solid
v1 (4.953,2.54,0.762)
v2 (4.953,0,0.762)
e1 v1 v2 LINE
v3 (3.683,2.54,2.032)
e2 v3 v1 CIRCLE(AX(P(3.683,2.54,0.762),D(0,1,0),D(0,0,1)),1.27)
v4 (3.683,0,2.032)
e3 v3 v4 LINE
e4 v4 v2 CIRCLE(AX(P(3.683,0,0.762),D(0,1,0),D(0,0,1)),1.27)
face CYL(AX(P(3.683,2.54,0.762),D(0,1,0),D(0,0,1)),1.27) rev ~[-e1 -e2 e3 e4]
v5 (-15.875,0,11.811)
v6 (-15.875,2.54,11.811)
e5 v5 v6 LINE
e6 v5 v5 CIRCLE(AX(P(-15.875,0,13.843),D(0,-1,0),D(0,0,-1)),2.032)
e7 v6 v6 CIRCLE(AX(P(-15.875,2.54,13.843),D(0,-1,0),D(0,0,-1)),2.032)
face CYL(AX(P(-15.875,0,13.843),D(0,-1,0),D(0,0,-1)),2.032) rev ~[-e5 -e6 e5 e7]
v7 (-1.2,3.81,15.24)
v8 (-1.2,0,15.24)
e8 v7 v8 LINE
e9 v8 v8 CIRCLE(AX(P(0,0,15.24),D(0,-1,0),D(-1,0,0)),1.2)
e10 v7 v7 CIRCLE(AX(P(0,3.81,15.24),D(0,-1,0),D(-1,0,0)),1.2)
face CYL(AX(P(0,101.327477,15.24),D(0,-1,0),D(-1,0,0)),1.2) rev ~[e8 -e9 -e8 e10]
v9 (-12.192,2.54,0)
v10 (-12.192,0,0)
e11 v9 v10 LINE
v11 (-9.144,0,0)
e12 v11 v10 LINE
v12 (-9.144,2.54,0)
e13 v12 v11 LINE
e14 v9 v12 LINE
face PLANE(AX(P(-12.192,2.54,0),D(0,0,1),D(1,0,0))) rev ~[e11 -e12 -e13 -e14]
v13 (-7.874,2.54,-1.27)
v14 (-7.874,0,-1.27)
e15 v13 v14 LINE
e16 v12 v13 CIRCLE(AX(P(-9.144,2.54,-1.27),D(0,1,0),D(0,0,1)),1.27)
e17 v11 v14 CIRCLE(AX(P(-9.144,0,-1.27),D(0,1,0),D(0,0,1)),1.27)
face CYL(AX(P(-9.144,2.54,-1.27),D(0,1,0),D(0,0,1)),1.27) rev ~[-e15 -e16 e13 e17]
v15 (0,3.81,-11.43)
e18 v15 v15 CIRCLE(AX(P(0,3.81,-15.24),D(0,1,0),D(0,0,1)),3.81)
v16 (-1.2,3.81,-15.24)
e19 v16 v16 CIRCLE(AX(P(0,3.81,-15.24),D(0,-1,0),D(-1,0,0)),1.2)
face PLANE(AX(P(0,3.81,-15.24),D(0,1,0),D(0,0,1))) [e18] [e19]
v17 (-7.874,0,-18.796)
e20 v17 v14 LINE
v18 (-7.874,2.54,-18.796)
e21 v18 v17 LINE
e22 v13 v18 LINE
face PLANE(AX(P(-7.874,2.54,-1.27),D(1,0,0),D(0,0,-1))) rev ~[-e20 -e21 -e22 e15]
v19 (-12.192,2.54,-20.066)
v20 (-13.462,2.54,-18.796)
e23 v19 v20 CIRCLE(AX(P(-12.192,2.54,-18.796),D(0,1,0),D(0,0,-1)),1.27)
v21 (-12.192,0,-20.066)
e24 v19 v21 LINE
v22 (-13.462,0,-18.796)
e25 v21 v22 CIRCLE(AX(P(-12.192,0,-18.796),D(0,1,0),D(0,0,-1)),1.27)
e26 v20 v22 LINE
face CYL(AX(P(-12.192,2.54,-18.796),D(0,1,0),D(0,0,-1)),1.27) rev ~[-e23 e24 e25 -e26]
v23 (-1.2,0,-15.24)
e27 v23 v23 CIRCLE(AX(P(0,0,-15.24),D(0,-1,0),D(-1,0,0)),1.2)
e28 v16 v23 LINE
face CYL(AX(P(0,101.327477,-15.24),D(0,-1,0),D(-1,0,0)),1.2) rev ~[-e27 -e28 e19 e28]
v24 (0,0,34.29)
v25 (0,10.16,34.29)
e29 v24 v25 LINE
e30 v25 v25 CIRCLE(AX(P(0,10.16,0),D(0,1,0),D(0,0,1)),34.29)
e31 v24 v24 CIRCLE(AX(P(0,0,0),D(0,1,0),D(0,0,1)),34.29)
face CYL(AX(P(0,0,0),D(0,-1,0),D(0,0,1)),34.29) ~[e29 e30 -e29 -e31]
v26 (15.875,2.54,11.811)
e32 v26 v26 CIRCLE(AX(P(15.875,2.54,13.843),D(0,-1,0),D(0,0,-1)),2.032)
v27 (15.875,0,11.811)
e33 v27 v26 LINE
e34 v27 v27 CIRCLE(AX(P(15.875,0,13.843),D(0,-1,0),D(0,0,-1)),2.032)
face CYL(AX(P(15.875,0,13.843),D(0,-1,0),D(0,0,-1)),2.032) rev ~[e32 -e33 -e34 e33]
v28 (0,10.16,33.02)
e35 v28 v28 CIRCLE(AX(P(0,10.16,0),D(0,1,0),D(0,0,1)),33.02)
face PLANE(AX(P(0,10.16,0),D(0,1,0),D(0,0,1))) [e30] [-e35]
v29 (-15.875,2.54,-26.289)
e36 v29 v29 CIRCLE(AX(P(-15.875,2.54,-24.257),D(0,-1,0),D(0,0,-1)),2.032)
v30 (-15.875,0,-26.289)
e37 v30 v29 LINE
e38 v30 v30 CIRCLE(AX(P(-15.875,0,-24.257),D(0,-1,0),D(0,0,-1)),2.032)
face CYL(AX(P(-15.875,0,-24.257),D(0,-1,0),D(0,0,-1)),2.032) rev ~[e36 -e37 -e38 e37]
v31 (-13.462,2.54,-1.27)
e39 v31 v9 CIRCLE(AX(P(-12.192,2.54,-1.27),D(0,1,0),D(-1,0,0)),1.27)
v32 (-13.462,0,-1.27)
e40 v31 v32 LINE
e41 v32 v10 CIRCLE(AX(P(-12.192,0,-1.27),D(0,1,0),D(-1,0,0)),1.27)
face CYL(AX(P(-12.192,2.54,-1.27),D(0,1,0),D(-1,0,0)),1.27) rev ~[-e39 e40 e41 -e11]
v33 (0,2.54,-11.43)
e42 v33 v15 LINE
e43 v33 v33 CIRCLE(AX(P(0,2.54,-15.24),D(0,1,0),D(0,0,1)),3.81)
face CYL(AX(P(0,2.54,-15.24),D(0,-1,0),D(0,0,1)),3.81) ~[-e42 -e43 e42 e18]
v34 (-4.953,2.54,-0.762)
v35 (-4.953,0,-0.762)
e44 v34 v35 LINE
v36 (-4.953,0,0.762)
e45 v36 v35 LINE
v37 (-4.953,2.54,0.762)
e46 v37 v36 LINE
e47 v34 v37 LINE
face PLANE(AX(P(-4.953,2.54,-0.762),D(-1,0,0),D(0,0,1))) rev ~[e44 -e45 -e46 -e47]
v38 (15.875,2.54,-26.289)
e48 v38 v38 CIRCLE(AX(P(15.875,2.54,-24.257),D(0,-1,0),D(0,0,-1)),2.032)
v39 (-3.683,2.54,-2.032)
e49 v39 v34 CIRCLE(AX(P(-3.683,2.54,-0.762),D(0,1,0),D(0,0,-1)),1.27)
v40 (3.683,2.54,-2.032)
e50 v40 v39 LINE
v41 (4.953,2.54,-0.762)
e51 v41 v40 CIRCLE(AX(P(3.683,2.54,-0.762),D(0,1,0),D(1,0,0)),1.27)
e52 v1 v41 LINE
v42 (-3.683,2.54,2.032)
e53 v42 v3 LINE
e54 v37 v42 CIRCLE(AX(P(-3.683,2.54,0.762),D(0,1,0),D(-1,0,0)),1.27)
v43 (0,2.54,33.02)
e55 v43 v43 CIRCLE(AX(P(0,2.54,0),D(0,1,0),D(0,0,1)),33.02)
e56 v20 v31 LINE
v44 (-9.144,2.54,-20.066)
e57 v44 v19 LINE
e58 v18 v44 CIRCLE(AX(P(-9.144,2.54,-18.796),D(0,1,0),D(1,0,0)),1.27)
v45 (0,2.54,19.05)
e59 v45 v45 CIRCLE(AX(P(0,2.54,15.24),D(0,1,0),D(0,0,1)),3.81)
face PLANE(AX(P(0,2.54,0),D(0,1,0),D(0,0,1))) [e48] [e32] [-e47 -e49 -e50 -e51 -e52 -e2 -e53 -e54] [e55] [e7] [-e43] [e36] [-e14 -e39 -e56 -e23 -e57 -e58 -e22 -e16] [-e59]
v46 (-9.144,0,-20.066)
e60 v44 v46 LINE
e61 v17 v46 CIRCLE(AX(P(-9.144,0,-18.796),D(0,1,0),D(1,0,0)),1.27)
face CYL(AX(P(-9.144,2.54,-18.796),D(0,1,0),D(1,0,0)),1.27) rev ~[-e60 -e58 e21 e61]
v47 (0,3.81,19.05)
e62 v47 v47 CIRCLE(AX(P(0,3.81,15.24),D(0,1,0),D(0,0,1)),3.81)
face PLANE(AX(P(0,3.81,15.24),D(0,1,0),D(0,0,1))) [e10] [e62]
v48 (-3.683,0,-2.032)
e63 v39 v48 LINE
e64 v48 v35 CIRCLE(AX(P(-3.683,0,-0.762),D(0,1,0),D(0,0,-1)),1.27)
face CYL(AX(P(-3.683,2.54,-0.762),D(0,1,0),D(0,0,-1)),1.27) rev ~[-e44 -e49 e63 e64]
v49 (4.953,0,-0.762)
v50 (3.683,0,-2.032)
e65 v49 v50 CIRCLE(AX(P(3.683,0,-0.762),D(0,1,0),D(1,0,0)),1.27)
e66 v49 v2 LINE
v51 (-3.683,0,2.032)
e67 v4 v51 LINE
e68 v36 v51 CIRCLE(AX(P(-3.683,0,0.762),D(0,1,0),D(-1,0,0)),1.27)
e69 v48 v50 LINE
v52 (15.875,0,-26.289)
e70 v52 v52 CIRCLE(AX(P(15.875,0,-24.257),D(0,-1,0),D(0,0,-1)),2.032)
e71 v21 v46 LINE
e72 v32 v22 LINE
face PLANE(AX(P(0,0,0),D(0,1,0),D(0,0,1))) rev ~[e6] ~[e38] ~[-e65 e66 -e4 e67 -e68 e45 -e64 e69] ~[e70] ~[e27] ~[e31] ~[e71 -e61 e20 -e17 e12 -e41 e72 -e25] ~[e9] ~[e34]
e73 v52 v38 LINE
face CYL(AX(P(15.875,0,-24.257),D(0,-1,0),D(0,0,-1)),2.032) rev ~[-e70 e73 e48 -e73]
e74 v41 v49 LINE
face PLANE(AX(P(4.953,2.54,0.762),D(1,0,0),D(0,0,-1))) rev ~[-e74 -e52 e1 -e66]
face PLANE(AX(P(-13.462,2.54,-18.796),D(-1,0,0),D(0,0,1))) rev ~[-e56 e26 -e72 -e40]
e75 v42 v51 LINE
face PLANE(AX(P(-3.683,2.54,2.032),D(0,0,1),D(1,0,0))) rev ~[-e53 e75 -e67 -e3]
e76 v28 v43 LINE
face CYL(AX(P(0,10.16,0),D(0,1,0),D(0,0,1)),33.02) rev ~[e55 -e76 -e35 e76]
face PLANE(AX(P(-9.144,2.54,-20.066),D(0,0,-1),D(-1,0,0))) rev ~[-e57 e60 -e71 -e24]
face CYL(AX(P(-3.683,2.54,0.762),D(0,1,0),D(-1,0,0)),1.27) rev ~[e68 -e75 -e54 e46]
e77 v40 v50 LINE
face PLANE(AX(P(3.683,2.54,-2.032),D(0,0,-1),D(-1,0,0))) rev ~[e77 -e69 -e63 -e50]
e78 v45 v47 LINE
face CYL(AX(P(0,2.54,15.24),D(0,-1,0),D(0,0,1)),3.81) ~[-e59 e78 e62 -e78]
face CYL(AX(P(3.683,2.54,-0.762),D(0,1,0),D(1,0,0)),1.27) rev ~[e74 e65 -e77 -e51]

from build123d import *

# Parameters (mm, degrees)
SKETCH1_R            = 34.29
BOSS_EXTRUDE1_DEPTH  = 10.16
SKETCH2_R            = 33.02
CUT_EXTRUDE1_DEPTH   = 7.62
SKETCH3_R            = 3.81
BOSS_EXTRUDE2_DEPTH  = 1.27
CUT_EXTRUDE3_REACH   = 51.088
CUT_EXTRUDE4_REACH   = 51.088
CUT_EXTRUDE5_REACH   = 51.546
SKETCH11_R           = 2.032
M2_CLEARANCE_HOLE1_D = 2.4


with BuildPart() as part:
    # Sketch1 → Boss-Extrude1 (new body)
    with BuildSketch(Plane(origin=(0, 0, 0), x_dir=(1, 0, 0), z_dir=(0, 1, 0))):
        with Locations(Location((0, 0, 0), (0, 0, 270))):
            Circle(SKETCH1_R)
    extrude(amount=BOSS_EXTRUDE1_DEPTH)

    # Sketch2 → Cut-Extrude1 (cut)
    with BuildSketch(Plane(origin=(0, 10.16, 0), x_dir=(1, 0, 0), z_dir=(0, 1, 0))):
        with Locations(Location((0, 0, 0), (0, 0, 270))):
            Circle(SKETCH2_R)
    extrude(amount=-CUT_EXTRUDE1_DEPTH, mode=Mode.SUBTRACT)

    # Sketch3 → Boss-Extrude2 (add)
    with BuildSketch(Plane(origin=(0, 2.54, 0), x_dir=(1, 0, 0), z_dir=(0, 1, 0))):
        with Locations(Location((0, -15.24, 0), (0, 0, 270))):
            Circle(SKETCH3_R)
        with Locations(Location((0, 15.24, 0), (0, 0, 270))):
            Circle(SKETCH3_R)
    extrude(amount=BOSS_EXTRUDE2_DEPTH)

    # Sketch8 → Cut-Extrude3 (cut, up to next)
    with BuildSketch(Plane(origin=(0, 2.54, 0), x_dir=(1, 0, 0), z_dir=(0, 1, 0)), mode=Mode.PRIVATE) as cut_extrude3_sk1:
        with BuildLine():
            Line((3.683, 2.032), (-3.683, 2.032))
            ThreePointArc((-3.683, 2.032), (-4.581025612, 1.660025612), (-4.953, 0.762))
            Line((-4.953, 0.762), (-4.953, -0.762))
            ThreePointArc((-4.953, -0.762), (-4.581025612, -1.660025612), (-3.683, -2.032))
            Line((-3.683, -2.032), (3.683, -2.032))
            ThreePointArc((3.683, -2.032), (4.581025612, -1.660025612), (4.953, -0.762))
            Line((4.953, -0.762), (4.953, 0.762))
            ThreePointArc((4.953, 0.762), (4.581025612, 1.660025612), (3.683, 2.032))
        make_face()
    cut_extrude3_tool1 = extrude(cut_extrude3_sk1.sketch, amount=-CUT_EXTRUDE3_REACH, mode=Mode.PRIVATE) & part.part
    add(cut_extrude3_tool1.solids().sort_by_distance((0, 2.54, 0))[0], mode=Mode.SUBTRACT)

    # Sketch9 → Cut-Extrude4 (cut, up to next)
    with BuildSketch(Plane(origin=(0, 2.54, 0), x_dir=(1, 0, 0), z_dir=(0, 1, 0)), mode=Mode.PRIVATE) as cut_extrude4_sk1:
        with BuildLine():
            Line((-12.192, 0), (-9.144, 0))
            ThreePointArc((-9.144, 0), (-8.245974388, 0.371974388), (-7.874, 1.27))
            Line((-7.874, 1.27), (-7.874, 18.796))
            ThreePointArc((-7.874, 18.796), (-8.245974388, 19.694025612), (-9.144, 20.066))
            Line((-9.144, 20.066), (-12.192, 20.066))
            ThreePointArc((-12.192, 20.066), (-13.090025612, 19.694025612), (-13.462, 18.796))
            Line((-13.462, 18.796), (-13.462, 1.27))
            ThreePointArc((-13.462, 1.27), (-13.090025612, 0.371974388), (-12.192, 0))
        make_face()
    cut_extrude4_tool1 = extrude(cut_extrude4_sk1.sketch, amount=-CUT_EXTRUDE4_REACH, mode=Mode.PRIVATE) & part.part
    add(cut_extrude4_tool1.solids().sort_by_distance((-10.668, 2.54, -10.033))[0], mode=Mode.SUBTRACT)

    # Sketch11 → Cut-Extrude5 (cut, up to next)
    with BuildSketch(Plane.XZ, mode=Mode.PRIVATE) as cut_extrude5_sk1:
        with Locations(Location((15.875, 13.843, 0), (0, 0, 270))):
            Circle(SKETCH11_R)
    cut_extrude5_tool1 = extrude(cut_extrude5_sk1.sketch, amount=-CUT_EXTRUDE5_REACH, mode=Mode.PRIVATE) & part.part
    # Sketch11 → Cut-Extrude5 (cut, up to next)
    with BuildSketch(Plane.XZ, mode=Mode.PRIVATE) as cut_extrude5_sk2:
        with Locations(Location((-15.875, 13.843, 0), (0, 0, 270))):
            Circle(SKETCH11_R)
    cut_extrude5_tool2 = extrude(cut_extrude5_sk2.sketch, amount=-CUT_EXTRUDE5_REACH, mode=Mode.PRIVATE) & part.part
    # Sketch11 → Cut-Extrude5 (cut, up to next)
    with BuildSketch(Plane.XZ, mode=Mode.PRIVATE) as cut_extrude5_sk3:
        with Locations(Location((-15.875, -24.257, 0), (0, 0, 270))):
            Circle(SKETCH11_R)
    cut_extrude5_tool3 = extrude(cut_extrude5_sk3.sketch, amount=-CUT_EXTRUDE5_REACH, mode=Mode.PRIVATE) & part.part
    # Sketch11 → Cut-Extrude5 (cut, up to next)
    with BuildSketch(Plane.XZ, mode=Mode.PRIVATE) as cut_extrude5_sk4:
        with Locations(Location((15.875, -24.257, 0), (0, 0, 270))):
            Circle(SKETCH11_R)
    cut_extrude5_tool4 = extrude(cut_extrude5_sk4.sketch, amount=-CUT_EXTRUDE5_REACH, mode=Mode.PRIVATE) & part.part
    add(cut_extrude5_tool1.solids().sort_by_distance((15.875, 0, 13.843))[0], mode=Mode.SUBTRACT)
    add(cut_extrude5_tool2.solids().sort_by_distance((-15.875, 0, 13.843))[0], mode=Mode.SUBTRACT)
    add(cut_extrude5_tool3.solids().sort_by_distance((-15.875, 0, -24.257))[0], mode=Mode.SUBTRACT)
    add(cut_extrude5_tool4.solids().sort_by_distance((15.875, 0, -24.257))[0], mode=Mode.SUBTRACT)

    # M2 Clearance Hole1 (through all)
    with Locations(Plane(origin=(0, 3.81, 0), x_dir=(1, 0, 0), z_dir=(0, 1, 0))):
        with Locations((0, 15.24), (0, -15.24)):
            Hole(M2_CLEARANCE_HOLE1_D / 2)


solid = part.part
